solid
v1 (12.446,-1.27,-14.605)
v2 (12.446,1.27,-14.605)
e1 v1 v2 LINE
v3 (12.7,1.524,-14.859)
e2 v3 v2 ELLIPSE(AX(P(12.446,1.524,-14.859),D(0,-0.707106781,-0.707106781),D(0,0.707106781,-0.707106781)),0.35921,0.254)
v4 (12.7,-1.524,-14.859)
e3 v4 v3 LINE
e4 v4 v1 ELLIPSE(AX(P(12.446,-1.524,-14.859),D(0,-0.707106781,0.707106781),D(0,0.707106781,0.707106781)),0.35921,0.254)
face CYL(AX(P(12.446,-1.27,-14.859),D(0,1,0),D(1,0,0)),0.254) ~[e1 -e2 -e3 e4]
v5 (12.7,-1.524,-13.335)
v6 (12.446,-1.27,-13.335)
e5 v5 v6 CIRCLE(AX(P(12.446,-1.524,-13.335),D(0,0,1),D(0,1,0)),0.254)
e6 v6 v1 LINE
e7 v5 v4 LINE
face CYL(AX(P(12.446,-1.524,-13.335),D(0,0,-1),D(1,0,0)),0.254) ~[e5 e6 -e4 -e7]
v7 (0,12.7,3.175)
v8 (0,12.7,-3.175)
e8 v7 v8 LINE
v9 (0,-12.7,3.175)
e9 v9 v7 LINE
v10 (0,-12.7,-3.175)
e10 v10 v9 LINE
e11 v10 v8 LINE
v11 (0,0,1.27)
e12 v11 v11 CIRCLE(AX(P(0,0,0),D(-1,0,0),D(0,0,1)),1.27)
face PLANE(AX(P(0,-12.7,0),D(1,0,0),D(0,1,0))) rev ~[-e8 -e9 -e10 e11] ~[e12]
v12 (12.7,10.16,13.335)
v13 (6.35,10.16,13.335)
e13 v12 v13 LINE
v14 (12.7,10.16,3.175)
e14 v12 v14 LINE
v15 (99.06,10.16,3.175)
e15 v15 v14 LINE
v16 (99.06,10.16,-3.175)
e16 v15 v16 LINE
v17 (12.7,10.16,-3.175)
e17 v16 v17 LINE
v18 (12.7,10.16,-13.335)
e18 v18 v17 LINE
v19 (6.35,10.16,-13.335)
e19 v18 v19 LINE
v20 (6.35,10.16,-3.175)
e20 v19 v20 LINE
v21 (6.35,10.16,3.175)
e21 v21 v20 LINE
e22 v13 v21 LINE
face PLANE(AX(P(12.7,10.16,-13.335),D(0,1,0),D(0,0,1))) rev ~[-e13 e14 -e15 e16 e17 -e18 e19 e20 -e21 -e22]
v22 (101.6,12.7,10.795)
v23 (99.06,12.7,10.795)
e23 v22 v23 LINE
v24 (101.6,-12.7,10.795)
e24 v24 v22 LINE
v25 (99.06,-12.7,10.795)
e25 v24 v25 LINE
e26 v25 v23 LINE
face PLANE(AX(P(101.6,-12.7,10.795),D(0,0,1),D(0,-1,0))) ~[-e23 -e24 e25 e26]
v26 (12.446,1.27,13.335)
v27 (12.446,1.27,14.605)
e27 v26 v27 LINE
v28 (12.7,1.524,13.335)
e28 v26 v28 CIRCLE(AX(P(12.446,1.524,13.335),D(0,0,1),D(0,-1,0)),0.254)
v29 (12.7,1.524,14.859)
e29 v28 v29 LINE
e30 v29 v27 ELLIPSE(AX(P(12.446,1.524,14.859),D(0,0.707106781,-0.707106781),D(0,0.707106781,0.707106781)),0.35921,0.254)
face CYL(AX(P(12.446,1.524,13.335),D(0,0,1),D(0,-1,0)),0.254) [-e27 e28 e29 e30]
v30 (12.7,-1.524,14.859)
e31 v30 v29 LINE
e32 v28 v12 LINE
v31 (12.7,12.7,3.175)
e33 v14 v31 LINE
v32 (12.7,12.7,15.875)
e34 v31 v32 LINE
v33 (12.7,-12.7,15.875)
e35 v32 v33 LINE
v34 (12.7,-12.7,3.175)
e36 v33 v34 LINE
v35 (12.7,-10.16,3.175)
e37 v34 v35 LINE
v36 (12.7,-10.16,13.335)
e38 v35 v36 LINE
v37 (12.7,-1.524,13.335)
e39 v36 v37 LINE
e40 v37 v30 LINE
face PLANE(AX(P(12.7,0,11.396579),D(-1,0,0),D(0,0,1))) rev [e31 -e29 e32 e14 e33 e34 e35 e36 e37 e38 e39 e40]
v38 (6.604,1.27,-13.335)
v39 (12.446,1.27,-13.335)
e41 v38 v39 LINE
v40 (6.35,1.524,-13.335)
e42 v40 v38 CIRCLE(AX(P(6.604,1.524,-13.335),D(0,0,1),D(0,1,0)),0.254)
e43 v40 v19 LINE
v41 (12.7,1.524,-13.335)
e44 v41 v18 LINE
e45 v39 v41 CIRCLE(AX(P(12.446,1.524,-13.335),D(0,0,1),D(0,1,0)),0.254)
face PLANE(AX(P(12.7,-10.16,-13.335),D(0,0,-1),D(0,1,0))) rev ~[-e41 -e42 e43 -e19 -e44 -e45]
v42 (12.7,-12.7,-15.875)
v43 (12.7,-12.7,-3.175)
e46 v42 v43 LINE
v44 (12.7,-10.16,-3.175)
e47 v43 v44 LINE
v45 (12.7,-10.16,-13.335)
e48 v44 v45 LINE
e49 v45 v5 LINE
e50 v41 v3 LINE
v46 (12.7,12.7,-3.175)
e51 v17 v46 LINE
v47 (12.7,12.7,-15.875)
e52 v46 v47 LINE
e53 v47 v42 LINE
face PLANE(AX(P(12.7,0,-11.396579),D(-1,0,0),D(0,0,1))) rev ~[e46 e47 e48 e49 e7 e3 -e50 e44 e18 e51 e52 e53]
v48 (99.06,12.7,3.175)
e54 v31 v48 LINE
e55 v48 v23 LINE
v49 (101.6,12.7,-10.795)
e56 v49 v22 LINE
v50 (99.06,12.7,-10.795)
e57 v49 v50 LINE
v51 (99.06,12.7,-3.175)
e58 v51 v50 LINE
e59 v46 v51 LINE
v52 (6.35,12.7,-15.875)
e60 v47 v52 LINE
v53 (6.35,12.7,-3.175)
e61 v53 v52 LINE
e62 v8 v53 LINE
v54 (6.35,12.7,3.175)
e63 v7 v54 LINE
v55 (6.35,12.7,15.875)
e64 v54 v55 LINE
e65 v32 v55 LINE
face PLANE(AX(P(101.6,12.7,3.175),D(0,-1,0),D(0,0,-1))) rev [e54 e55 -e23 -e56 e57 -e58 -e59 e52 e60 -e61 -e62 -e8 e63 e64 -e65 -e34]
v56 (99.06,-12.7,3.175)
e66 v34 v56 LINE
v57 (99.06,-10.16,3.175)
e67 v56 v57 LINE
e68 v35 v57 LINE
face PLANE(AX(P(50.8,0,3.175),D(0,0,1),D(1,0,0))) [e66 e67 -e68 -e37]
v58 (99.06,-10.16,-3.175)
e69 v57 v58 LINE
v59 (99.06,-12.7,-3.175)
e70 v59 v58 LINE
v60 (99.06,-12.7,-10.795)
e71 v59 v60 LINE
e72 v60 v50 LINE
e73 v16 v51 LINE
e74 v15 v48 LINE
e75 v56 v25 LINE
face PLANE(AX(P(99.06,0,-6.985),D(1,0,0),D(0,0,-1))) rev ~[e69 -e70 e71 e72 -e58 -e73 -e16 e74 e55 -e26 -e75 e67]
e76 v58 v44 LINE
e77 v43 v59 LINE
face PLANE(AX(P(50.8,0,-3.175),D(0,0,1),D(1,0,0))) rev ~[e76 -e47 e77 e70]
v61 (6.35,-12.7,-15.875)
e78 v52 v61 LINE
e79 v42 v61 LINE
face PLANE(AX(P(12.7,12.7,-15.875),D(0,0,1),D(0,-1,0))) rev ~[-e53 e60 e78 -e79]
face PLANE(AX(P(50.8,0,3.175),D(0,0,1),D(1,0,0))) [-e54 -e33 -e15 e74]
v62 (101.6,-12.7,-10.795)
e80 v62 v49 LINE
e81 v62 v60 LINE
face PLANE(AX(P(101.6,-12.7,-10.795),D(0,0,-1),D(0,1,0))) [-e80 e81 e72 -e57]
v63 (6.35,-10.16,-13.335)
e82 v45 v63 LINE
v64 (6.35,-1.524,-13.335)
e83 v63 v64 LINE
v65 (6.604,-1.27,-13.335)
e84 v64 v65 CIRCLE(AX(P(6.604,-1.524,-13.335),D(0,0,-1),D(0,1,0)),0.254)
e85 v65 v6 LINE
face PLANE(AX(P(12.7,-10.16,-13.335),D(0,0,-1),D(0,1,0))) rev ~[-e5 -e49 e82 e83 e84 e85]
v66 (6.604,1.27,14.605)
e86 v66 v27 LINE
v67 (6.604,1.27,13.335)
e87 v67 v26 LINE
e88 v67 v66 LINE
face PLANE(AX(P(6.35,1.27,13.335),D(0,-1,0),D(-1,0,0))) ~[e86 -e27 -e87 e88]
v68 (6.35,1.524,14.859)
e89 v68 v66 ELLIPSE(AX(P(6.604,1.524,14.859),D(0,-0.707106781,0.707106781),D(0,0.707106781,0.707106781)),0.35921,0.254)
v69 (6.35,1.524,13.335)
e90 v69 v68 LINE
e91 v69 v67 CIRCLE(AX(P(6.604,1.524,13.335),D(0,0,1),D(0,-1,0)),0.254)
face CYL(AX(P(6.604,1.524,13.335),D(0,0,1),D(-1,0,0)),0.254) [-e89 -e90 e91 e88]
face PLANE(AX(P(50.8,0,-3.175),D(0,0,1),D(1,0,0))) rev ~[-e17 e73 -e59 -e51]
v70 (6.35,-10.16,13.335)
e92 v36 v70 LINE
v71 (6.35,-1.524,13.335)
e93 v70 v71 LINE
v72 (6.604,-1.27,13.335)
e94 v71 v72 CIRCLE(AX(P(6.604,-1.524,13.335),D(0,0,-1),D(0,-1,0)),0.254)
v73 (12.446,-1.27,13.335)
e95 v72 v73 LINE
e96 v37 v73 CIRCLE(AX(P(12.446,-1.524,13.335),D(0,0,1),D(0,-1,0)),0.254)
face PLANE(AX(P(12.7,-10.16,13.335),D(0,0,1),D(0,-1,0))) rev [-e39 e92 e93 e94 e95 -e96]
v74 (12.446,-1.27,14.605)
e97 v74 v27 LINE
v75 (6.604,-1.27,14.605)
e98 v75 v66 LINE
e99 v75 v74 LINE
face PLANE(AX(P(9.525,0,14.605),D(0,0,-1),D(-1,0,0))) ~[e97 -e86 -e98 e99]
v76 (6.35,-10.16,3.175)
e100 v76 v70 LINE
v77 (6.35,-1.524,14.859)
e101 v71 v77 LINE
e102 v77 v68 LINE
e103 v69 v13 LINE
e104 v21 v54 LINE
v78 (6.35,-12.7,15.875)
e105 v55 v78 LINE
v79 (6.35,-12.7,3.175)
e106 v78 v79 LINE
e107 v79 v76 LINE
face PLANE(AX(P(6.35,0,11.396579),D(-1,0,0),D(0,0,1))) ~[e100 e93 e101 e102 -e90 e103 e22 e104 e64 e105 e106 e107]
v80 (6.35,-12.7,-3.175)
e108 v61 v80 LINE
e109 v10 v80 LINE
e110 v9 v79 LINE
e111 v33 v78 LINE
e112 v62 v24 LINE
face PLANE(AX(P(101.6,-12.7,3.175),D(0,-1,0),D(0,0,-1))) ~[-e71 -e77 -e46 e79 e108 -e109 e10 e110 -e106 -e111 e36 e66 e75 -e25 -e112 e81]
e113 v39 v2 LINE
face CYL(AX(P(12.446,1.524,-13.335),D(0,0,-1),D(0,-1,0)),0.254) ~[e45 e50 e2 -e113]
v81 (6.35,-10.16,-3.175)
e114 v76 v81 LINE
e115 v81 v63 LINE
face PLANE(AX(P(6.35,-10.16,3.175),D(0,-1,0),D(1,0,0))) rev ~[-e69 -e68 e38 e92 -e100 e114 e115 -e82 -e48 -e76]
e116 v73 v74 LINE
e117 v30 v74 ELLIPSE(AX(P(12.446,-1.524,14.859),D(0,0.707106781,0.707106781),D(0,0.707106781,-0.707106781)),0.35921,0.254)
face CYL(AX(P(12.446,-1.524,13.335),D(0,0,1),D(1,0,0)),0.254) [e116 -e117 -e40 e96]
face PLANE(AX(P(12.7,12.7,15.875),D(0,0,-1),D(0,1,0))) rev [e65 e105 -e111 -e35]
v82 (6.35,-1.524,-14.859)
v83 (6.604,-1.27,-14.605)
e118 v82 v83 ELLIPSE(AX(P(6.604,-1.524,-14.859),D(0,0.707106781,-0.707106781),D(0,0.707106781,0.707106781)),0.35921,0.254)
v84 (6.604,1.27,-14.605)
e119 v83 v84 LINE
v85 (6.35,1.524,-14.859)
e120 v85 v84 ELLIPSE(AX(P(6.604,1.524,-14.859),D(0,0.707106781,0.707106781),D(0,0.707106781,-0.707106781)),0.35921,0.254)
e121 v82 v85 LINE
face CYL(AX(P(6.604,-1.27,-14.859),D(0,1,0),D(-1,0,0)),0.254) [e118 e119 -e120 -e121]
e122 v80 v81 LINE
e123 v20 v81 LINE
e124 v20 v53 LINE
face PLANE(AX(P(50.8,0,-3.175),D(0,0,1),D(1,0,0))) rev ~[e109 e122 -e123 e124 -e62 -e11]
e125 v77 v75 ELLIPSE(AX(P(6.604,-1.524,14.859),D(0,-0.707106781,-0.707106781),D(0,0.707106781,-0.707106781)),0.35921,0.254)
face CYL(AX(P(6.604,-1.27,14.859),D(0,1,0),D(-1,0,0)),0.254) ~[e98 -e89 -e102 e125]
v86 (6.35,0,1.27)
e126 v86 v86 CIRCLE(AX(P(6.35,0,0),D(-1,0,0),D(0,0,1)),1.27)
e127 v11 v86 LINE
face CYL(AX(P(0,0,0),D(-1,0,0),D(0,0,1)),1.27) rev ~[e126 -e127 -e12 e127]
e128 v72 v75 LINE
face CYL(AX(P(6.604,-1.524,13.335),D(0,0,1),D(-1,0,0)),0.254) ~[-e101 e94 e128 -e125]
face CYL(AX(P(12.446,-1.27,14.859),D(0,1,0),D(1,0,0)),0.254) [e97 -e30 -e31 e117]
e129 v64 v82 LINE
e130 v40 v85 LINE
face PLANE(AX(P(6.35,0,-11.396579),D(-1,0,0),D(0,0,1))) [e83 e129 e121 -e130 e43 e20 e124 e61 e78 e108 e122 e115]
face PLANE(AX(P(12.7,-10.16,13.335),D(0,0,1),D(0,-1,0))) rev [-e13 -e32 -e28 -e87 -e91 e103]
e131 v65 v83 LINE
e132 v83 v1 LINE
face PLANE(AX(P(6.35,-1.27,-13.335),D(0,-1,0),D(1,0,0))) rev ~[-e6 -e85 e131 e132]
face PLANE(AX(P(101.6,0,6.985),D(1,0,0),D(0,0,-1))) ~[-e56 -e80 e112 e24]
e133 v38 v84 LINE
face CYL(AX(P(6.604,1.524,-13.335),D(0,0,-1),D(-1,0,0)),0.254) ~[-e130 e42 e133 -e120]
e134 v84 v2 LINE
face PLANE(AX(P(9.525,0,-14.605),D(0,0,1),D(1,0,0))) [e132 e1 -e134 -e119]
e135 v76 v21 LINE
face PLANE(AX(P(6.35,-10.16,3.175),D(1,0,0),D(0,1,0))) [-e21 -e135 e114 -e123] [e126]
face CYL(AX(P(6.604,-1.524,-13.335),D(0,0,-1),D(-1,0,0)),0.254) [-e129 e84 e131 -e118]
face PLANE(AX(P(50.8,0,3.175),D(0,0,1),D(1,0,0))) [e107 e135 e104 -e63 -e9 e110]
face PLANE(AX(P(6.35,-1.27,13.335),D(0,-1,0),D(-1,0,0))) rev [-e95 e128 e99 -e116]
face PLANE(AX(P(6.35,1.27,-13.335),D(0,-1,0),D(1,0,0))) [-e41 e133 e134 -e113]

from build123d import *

# Parameters (mm, degrees)
SKETCH1_W            = 101.6
SKETCH1_H            = 25.4
BOSS_EXTRUDE1_DEPTH  = 3.175
BOSS_EXTRUDE2_DEPTH  = 6.35
SKETCH4_W            = 6.35
SKETCH4_H            = 2.54
CUT_EXTRUDE2_DEPTH   = 1.27
FILLET2_R            = 0.254
FILLET3_R            = 0.254
FILLET2_OF_MIRROR4_R = 0.254
FILLET3_OF_MIRROR4_R = 0.254
SKETCH6_W            = 7.62
SKETCH6_H            = 25.4
BOSS_EXTRUDE4_DEPTH  = 2.54
CUT_EXTRUDE3_REACH   = 21.05
SKETCH7_W            = 92.71
SKETCH7_H            = 20.32
CUT_EXTRUDE4_REACH   = 103.6
SKETCH8_R            = 1.27


with BuildPart() as part:
    # Sketch1 → Boss-Extrude1 (new body, symmetric)
    with BuildSketch(Plane.XY):
        with Locations((50.8, 0)):
            Rectangle(SKETCH1_W, SKETCH1_H)
    extrude(amount=BOSS_EXTRUDE1_DEPTH, both=True)

    # Sketch2 → Boss-Extrude2 (add)
    with BuildSketch(Plane.ZY.offset(-12.7)):
        Polygon((-3.175, 12.7), (-15.875, 12.7), (-15.875, -12.7), (-3.175, -12.7), (-3.175, -10.16), (-13.335, -10.16), (-13.335, 10.16), (-3.175, 10.16), align=None)
    boss_extrude2 = extrude(amount=BOSS_EXTRUDE2_DEPTH)

    # Sketch4 → Cut-Extrude2 (cut)
    with BuildSketch(Plane.XY.offset(-13.335)):
        with Locations((9.525, 0)):
            Rectangle(SKETCH4_W, SKETCH4_H)
    cut_extrude2 = extrude(amount=-CUT_EXTRUDE2_DEPTH, mode=Mode.SUBTRACT)

    # Fillet2
    fillet2_edges = [part.edges().sort_by_distance(p)[0] for p in [
        (6.35, 0, -14.605),
        (6.35, -1.27, -13.97),
        (6.35, 1.27, -13.97),
    ]]
    fillet(fillet2_edges, radius=FILLET2_R)

    # Fillet3
    fillet3_edges = [part.edges().sort_by_distance(p)[0] for p in [
        (12.7, 0, -14.605),
        (12.7, 1.27, -13.97),
        (12.7, -1.27, -13.97),
    ]]
    fillet(fillet3_edges, radius=FILLET3_R)

    # Mirror4: Boss-Extrude2, Cut-Extrude2 across plane
    add(boss_extrude2.mirror(Plane.XY))
    add(cut_extrude2.mirror(Plane.XY), mode=Mode.SUBTRACT)

    # Fillet2 of Mirror4
    fillet2_of_mirror4_edges = [part.edges().sort_by_distance(p)[0] for p in [
        (6.35, 0, 14.605),
        (6.35, -1.27, 13.97),
        (6.35, 1.27, 13.97),
    ]]
    fillet(fillet2_of_mirror4_edges, radius=FILLET2_OF_MIRROR4_R)

    # Fillet3 of Mirror4
    fillet3_of_mirror4_edges = [part.edges().sort_by_distance(p)[0] for p in [
        (12.7, 0, 14.605),
        (12.7, 1.27, 13.97),
        (12.7, -1.27, 13.97),
    ]]
    fillet(fillet3_of_mirror4_edges, radius=FILLET3_OF_MIRROR4_R)

    # Sketch6 → Boss-Extrude4 (add)
    with BuildSketch(Plane(origin=(101.6, 0, 0), x_dir=(0, 0, -1), z_dir=(1, 0, 0))):
        with Locations((6.985, 0)):
            Rectangle(SKETCH6_W, SKETCH6_H)
    boss_extrude4 = extrude(amount=-BOSS_EXTRUDE4_DEPTH)

    # Mirror5: Boss-Extrude4 across plane
    add(boss_extrude4.mirror(Plane.XY))

    # Sketch7 → Cut-Extrude3 (cut, up to next)
    with BuildSketch(Plane.XY.offset(3.175), mode=Mode.PRIVATE) as cut_extrude3_sk1:
        with Locations((52.705, 0)):
            Rectangle(SKETCH7_W, SKETCH7_H)
    cut_extrude3_tool1 = extrude(cut_extrude3_sk1.sketch, amount=-CUT_EXTRUDE3_REACH, mode=Mode.PRIVATE) & part.part
    add(cut_extrude3_tool1.solids().sort_by_distance((52.705, 0, 3.175))[0], mode=Mode.SUBTRACT)

    # Sketch8 → Cut-Extrude4 (cut, up to next)
    with BuildSketch(Plane.ZY, mode=Mode.PRIVATE) as cut_extrude4_sk1:
        Circle(SKETCH8_R)
    cut_extrude4_tool1 = extrude(cut_extrude4_sk1.sketch, amount=-CUT_EXTRUDE4_REACH, mode=Mode.PRIVATE) & part.part
    add(cut_extrude4_tool1.solids().sort_by_distance((0, 0, 0))[0], mode=Mode.SUBTRACT)


solid = part.part
